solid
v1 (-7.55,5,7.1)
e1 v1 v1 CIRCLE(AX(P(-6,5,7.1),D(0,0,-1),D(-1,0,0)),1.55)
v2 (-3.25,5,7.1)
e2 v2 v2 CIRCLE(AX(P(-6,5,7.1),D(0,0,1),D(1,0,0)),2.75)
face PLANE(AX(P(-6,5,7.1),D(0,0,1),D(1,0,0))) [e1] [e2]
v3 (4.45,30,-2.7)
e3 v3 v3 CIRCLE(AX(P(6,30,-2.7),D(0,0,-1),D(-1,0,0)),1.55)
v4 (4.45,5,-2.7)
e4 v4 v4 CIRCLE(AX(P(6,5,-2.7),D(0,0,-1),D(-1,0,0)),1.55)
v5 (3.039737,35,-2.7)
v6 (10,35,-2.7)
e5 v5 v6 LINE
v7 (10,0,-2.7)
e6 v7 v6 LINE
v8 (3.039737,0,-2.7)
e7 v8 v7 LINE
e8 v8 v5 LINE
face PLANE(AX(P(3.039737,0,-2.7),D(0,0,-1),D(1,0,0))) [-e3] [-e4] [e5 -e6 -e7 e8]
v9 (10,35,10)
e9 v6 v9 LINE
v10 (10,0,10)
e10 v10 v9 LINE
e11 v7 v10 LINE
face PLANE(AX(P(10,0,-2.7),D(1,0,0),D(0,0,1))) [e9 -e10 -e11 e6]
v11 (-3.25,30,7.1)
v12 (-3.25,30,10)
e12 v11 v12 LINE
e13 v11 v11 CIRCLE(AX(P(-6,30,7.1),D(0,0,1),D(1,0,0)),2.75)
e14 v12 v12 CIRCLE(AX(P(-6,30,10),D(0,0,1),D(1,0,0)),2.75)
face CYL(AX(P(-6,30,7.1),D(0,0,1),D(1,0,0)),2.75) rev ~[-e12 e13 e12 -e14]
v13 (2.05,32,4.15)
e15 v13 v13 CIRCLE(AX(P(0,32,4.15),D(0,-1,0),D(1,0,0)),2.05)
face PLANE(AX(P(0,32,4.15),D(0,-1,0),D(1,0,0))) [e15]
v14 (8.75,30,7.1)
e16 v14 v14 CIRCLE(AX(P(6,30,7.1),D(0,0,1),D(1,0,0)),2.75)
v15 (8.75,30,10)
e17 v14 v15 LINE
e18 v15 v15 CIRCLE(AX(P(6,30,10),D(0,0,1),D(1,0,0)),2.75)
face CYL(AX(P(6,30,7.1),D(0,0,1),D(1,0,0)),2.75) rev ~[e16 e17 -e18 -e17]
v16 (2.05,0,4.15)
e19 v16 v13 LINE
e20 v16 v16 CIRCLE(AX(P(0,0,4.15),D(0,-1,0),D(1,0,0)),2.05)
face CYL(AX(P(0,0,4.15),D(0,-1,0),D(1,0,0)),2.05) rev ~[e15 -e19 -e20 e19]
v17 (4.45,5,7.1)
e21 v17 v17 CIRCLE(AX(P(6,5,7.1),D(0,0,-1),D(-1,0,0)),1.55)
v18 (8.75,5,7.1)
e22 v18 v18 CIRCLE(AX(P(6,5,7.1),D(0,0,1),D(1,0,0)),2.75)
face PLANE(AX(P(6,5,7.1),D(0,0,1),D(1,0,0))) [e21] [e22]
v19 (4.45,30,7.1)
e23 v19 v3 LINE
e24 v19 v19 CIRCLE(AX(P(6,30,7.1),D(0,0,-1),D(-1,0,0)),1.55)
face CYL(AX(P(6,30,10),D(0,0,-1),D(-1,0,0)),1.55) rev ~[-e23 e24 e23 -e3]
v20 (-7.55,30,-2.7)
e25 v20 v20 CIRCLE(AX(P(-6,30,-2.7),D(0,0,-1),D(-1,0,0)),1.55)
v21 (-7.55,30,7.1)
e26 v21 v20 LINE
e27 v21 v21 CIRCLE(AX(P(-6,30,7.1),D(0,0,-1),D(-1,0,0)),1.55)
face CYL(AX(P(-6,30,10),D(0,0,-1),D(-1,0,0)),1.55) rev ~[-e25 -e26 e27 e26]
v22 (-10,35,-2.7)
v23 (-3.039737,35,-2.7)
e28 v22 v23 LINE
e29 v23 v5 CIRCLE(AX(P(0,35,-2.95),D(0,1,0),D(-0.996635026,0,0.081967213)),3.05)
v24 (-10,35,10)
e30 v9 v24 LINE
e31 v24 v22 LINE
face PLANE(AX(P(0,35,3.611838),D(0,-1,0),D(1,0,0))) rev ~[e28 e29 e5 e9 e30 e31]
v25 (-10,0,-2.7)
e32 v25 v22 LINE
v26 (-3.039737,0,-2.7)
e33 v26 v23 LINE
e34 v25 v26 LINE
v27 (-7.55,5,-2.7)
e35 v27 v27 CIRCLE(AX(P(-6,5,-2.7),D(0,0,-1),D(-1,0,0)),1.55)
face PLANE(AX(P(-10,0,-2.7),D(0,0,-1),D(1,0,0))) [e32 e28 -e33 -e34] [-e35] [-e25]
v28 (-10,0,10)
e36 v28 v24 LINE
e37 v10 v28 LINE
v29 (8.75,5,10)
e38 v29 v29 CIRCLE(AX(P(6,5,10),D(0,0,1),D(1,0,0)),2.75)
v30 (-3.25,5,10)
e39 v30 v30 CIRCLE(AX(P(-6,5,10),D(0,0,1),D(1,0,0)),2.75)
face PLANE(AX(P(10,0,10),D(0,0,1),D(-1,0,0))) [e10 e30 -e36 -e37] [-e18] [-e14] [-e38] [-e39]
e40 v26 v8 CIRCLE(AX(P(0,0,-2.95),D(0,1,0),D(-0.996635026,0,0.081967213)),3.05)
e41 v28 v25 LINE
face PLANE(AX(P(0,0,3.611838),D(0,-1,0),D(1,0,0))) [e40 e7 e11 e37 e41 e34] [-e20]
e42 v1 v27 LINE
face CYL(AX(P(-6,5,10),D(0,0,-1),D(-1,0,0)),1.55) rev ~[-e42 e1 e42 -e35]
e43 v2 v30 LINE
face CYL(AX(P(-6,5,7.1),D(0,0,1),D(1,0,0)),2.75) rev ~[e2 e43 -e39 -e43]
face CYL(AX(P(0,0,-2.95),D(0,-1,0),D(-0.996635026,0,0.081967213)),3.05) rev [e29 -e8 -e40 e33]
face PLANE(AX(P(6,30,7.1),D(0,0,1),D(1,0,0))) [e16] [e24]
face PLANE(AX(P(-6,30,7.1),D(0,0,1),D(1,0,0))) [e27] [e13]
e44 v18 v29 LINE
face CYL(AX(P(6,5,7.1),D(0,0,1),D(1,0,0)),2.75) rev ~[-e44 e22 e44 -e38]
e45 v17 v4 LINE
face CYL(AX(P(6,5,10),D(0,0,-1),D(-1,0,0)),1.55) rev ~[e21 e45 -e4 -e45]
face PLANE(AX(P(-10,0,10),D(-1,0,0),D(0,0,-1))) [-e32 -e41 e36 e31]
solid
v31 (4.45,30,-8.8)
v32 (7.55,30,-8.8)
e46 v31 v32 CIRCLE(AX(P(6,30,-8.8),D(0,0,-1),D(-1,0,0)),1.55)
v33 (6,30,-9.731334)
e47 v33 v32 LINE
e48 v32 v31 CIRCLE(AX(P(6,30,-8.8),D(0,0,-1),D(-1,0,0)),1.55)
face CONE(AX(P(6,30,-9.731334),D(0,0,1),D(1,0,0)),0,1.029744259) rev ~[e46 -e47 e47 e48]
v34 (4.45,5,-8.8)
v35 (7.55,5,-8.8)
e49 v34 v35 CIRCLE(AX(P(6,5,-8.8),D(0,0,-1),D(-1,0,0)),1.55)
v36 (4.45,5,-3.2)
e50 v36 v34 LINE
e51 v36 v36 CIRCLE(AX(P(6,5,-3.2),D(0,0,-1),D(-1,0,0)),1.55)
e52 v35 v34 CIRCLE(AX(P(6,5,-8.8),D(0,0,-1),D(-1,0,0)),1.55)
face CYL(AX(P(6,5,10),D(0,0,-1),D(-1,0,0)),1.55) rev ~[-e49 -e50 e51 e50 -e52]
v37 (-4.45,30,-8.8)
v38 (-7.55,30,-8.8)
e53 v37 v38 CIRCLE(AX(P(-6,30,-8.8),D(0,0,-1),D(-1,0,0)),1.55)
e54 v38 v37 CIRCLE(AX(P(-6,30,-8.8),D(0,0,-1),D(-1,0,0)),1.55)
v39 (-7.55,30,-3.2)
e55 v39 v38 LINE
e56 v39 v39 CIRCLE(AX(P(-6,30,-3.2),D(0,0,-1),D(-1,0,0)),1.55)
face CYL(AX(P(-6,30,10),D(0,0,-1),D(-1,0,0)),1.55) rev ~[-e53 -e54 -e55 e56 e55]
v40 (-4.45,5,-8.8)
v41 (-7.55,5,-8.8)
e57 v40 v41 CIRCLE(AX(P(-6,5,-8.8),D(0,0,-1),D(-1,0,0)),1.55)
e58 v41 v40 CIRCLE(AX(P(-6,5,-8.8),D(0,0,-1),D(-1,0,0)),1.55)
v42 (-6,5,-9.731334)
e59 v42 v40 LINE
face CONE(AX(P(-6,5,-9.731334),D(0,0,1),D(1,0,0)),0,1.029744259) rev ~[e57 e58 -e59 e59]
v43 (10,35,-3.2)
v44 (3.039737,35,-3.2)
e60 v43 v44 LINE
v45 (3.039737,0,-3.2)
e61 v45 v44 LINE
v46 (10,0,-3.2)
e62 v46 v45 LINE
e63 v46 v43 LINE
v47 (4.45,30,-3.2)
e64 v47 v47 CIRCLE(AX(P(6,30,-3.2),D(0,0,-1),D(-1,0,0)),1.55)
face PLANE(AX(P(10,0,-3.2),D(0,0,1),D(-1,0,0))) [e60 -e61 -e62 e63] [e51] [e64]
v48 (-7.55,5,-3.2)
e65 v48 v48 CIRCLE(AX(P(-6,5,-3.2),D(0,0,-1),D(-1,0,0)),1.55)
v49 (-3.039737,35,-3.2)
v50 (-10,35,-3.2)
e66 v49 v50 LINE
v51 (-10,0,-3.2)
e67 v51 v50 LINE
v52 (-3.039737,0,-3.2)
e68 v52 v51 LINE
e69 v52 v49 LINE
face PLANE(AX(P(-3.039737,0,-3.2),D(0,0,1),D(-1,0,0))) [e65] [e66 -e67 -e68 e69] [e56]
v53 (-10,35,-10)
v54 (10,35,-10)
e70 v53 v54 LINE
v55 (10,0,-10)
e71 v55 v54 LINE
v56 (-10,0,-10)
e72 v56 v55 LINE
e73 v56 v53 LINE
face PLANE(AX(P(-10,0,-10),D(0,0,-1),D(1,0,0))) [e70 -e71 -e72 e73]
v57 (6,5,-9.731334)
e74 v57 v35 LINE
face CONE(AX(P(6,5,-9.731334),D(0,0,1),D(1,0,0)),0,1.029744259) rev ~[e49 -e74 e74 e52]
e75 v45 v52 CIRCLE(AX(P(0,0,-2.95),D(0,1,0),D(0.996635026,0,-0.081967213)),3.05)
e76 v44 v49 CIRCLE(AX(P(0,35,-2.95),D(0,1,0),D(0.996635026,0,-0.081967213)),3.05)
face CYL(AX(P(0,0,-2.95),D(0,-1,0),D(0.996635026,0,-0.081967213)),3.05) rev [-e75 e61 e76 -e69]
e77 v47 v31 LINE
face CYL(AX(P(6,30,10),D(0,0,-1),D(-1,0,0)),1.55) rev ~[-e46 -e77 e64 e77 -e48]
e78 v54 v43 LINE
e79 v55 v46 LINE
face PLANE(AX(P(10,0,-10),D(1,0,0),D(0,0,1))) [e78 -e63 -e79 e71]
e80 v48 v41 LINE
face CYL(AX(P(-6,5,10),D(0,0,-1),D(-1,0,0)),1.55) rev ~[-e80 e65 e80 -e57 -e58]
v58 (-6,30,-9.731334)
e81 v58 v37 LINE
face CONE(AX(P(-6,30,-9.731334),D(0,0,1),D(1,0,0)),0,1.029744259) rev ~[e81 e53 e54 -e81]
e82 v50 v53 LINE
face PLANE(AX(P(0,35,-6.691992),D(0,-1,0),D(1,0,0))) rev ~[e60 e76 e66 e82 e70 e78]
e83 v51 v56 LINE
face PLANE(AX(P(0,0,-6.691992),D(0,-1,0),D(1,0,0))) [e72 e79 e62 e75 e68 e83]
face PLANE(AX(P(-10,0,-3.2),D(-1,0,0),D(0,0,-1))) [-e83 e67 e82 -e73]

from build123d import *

# Parameters (mm, degrees)
F0_R             = 2.05
F1_DEPTH         = 35
F2_DEPTH         = 32
F4_D             = 3.1
F4_DEPTH         = 18.8
F4_CBORE_D       = 5.5
F4_CBORE_DEPTH   = 2.9
F4_TIP           = 0.9313339595
F4_2_D           = 3.1
F4_2_DEPTH       = 18.8
F4_2_CBORE_D     = 5.5
F4_2_CBORE_DEPTH = 2.9
F4_2_TIP         = 0.9313339595


with BuildPart() as f1:
    # F0 (on Front) → F1 (new body)
    with BuildSketch(Plane.XZ):
        with BuildLine():
            Line((10, -2.7), (10, 10))
            Line((10, 10), (-10, 10))
            Line((-10, 10), (-10, -2.7))
            Line((-10, -2.7), (-3.0397368307, -2.7))
            ThreePointArc((-3.0397368307, -2.7), (0, 0.1), (3.0397368307, -2.7))
            Line((3.0397368307, -2.7), (10, -2.7))
        make_face()
        with Locations((0, 4.15)):
            Circle(F0_R, mode=Mode.SUBTRACT)
        with Locations((0, 4.15)):
            Circle(F0_R)
    extrude(amount=-F1_DEPTH)

    # F0 (on Front) → F2 (cut)
    with BuildSketch(Plane.XZ):
        with Locations((0, 4.15)):
            Circle(F0_R)
    extrude(amount=-F2_DEPTH, mode=Mode.SUBTRACT)

    # F4
    with Locations(Plane.XY.offset(10)):
        with Locations((-6, 30), (6, 30), (-6, 5), (6, 5)):
            CounterBoreHole(F4_D / 2, F4_CBORE_D / 2, F4_CBORE_DEPTH, depth=F4_DEPTH)
            with Locations((0, 0, -(F4_DEPTH + F4_TIP / 2))):  # 118° drill point
                Cone(0, F4_D / 2, F4_TIP, mode=Mode.SUBTRACT)


with BuildPart() as f1b:
    # F0 (on Front) → F1, piece 2 (new body)
    with BuildSketch(Plane.XZ):
        with BuildLine():
            Line((10, -10), (10, -3.2))
            Line((10, -3.2), (3.0397368307, -3.2))
            ThreePointArc((3.0397368307, -3.2), (0, -6), (-3.0397368307, -3.2))
            Line((-3.0397368307, -3.2), (-10, -3.2))
            Line((-10, -3.2), (-10, -10))
            Line((-10, -10), (10, -10))
        make_face()
    extrude(amount=-F1_DEPTH)

    # F4#2
    with Locations(Plane.XY.offset(10)):
        with Locations((-6, 30), (6, 30), (-6, 5), (6, 5)):
            CounterBoreHole(F4_2_D / 2, F4_2_CBORE_D / 2, F4_2_CBORE_DEPTH, depth=F4_2_DEPTH)
            with Locations((0, 0, -(F4_2_DEPTH + F4_2_TIP / 2))):  # 118° drill point
                Cone(0, F4_2_D / 2, F4_2_TIP, mode=Mode.SUBTRACT)


solid = Compound([f1.part, f1b.part])
